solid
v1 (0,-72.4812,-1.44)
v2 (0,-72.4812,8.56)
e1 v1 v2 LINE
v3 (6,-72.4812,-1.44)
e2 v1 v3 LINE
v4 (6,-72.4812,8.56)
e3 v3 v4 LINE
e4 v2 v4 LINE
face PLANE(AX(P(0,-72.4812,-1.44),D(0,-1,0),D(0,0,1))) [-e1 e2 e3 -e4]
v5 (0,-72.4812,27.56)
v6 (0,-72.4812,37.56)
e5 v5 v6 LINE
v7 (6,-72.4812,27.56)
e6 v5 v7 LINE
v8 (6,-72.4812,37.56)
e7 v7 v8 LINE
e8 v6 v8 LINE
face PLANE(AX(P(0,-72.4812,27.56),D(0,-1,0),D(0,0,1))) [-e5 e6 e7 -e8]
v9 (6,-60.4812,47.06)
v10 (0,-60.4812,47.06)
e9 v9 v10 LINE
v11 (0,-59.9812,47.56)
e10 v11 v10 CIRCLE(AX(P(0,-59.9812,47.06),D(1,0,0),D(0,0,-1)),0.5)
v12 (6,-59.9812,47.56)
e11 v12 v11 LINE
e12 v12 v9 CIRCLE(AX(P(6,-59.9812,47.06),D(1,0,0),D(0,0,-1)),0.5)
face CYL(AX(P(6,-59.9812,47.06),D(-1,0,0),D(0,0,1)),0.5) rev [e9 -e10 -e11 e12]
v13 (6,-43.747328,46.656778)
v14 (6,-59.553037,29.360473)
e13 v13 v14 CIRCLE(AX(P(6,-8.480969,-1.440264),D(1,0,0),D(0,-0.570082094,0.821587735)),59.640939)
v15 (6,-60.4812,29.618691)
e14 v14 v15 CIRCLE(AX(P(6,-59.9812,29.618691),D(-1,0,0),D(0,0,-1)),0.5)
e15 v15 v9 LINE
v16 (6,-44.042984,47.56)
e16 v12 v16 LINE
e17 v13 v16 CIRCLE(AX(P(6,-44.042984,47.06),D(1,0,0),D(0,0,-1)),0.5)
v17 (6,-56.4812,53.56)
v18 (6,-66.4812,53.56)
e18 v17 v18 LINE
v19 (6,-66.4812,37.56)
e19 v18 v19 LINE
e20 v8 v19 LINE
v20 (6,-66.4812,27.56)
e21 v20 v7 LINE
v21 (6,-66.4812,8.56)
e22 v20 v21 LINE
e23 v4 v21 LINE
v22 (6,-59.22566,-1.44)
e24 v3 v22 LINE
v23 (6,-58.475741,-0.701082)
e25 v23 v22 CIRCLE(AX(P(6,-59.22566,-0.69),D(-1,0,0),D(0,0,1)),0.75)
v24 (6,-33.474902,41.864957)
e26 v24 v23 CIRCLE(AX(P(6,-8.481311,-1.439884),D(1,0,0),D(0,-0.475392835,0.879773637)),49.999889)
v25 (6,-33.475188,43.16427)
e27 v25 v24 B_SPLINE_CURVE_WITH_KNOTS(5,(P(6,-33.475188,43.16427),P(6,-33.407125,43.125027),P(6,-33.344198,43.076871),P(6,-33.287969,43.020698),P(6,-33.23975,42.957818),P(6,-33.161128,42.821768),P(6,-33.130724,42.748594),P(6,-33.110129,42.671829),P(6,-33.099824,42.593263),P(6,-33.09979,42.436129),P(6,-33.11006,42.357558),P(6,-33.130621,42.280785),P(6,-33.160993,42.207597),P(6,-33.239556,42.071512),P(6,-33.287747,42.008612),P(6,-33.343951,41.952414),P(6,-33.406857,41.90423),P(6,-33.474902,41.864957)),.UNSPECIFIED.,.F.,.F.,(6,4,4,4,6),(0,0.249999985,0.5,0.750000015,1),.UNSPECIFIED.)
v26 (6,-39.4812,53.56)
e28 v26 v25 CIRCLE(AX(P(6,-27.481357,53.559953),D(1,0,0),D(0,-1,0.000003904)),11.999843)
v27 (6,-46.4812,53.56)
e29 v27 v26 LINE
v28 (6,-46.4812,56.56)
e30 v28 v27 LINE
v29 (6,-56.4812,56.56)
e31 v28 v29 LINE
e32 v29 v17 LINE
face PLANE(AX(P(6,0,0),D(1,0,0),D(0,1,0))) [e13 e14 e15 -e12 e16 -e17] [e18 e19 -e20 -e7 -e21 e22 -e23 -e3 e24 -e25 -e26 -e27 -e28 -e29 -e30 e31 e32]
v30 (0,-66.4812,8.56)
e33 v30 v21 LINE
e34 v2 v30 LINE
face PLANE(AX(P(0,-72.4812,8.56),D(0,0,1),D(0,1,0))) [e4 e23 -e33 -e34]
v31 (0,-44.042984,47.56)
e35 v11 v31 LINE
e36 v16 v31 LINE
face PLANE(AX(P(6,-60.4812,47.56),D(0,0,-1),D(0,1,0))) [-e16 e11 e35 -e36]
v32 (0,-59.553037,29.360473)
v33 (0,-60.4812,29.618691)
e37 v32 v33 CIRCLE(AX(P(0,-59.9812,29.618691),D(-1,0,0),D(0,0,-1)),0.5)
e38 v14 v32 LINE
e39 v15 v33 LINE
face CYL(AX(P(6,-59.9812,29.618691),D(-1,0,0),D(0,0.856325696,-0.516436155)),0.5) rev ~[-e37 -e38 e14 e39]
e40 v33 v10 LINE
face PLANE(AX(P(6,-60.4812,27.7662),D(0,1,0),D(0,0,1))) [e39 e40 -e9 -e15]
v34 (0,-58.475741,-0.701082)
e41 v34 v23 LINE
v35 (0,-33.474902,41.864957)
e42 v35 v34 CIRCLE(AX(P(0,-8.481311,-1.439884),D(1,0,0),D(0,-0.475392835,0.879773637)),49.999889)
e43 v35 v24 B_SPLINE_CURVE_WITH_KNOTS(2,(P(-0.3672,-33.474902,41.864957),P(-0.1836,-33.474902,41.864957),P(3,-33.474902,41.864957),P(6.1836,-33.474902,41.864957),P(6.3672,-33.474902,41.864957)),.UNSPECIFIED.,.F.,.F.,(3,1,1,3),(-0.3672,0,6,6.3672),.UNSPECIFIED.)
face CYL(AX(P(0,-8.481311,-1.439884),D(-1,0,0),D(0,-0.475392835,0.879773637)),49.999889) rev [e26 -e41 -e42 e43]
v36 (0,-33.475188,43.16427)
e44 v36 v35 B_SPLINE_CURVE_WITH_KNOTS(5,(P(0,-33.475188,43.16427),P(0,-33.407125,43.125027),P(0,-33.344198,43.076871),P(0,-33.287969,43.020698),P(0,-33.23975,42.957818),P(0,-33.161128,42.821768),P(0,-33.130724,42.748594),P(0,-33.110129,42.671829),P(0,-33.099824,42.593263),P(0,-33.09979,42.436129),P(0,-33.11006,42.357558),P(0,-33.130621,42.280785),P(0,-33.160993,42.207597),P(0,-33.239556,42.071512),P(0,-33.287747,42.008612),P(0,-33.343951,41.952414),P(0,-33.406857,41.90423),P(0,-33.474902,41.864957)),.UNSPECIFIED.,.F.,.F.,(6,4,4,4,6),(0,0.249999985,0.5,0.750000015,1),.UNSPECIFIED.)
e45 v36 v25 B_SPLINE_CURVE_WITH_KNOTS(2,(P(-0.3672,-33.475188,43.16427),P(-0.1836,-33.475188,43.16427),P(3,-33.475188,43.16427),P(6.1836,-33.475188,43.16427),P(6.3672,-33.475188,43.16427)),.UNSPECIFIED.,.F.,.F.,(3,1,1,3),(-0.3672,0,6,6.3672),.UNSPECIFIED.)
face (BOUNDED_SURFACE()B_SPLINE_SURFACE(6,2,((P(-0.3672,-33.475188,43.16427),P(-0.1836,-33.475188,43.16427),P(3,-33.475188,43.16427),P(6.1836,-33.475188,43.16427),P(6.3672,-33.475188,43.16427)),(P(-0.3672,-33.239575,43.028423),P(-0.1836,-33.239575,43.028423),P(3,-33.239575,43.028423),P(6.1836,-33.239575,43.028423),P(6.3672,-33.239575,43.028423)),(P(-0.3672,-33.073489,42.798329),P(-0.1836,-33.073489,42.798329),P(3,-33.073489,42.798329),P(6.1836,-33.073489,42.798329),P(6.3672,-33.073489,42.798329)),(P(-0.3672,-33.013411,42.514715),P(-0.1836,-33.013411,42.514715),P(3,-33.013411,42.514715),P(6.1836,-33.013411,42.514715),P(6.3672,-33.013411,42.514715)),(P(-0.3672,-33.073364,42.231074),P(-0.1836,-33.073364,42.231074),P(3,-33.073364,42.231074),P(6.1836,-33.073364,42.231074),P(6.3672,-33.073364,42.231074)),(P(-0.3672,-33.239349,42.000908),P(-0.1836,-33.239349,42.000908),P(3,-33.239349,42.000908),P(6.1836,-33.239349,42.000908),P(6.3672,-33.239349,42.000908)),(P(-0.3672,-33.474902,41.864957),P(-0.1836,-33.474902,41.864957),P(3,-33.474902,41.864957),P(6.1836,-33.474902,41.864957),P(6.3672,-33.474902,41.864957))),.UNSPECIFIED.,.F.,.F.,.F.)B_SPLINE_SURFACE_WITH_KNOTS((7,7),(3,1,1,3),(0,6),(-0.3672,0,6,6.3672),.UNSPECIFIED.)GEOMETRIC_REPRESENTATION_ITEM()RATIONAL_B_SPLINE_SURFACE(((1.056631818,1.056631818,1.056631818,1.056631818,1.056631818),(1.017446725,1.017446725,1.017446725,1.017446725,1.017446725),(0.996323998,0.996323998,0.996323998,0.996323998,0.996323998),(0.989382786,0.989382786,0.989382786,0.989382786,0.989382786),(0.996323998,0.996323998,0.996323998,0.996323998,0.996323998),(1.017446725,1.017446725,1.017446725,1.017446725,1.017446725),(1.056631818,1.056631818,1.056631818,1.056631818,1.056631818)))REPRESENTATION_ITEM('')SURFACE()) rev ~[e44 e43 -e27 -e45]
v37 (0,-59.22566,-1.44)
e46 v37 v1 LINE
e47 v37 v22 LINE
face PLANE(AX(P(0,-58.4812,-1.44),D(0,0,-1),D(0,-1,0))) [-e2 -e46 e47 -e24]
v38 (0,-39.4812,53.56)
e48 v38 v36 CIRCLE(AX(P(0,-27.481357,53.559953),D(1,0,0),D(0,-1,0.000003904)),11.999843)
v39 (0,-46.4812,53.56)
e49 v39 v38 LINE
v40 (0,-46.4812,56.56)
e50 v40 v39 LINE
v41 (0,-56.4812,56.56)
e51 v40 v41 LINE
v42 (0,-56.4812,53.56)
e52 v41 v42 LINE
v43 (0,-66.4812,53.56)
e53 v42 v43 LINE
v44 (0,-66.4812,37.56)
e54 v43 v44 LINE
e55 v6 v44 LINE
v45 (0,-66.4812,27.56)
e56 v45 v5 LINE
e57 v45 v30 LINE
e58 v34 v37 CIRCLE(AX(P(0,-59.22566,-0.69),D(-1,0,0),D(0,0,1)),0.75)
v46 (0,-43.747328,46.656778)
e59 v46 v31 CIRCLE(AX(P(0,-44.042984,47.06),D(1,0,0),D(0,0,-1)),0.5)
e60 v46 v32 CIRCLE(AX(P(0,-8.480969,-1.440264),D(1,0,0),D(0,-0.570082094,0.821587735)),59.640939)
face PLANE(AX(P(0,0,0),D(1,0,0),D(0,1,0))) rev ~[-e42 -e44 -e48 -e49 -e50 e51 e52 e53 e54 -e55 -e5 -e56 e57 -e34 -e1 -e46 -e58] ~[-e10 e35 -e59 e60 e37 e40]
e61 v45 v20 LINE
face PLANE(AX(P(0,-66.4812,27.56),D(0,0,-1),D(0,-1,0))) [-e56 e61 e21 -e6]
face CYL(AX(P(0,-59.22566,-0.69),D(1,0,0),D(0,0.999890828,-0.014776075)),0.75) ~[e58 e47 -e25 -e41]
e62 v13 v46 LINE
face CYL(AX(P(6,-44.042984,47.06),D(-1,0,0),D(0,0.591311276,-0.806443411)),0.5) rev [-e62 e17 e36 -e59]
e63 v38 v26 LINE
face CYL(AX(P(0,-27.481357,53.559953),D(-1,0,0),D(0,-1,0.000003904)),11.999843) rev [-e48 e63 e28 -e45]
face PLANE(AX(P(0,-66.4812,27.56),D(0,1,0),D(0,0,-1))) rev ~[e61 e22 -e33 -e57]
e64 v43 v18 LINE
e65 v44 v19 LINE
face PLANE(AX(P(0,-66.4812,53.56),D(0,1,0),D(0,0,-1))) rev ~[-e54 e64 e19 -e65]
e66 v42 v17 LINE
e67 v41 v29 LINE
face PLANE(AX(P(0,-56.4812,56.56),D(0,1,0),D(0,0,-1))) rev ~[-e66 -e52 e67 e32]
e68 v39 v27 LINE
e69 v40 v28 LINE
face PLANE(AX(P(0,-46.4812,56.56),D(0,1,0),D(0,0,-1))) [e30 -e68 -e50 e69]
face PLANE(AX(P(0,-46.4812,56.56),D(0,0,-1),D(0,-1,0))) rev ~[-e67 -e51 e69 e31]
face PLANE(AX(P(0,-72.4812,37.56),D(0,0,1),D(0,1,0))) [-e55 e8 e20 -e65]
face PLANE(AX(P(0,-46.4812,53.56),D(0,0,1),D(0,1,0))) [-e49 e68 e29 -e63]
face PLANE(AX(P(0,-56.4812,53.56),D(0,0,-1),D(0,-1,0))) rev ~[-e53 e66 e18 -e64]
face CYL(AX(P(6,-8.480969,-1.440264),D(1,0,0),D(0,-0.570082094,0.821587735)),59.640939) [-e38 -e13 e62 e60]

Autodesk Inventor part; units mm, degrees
ref_plane "YZ Plane" through (0, 0, 0) normal (1, 0, 0) x (0, 1, 0)
ref_plane "XZ Plane" through (0, 0, 0) normal (0, 1, 0) x (-1, 0, 0)
ref_plane "XY Plane" through (0, 0, 0) normal (0, 0, 1) x (1, 0, 0)
sketch "Sketch1" plane through (0, 0, 0) normal (1, 0, 0) x (0, 1, 0)
  circle A0 centre (-8.4812, -1.44) radius 50 construction
  line L0 (-46.4812, 56.56) -> (-56.4812, 56.56)
  line L1 (-56.4812, 56.56) -> (-56.4812, 53.56)
  line L2 (-66.4812, 27.56) -> (-72.4812, 27.56)
  line L3 (-72.4812, 27.56) -> (-72.4812, 37.56)
  line L4 (-72.4812, 37.56) -> (-66.4812, 37.56)
  arc A1 (-44.3506, 33.3937) -> (-32.2509, 42.5487) centre (-8.4812, -1.44) ccw construction
  line L5 (-66.4812, 53.56) -> (-66.4812, 37.56)
  line L6 (-56.4812, 53.56) -> (-66.4812, 53.56)
  line L7 (-66.4812, 53.56) -> (-45.3047, 32.3835) construction
  line L8 (-58.4812, -1.44) -> (-65.4812, -1.44)
  line L9 (-65.4812, -1.44) -> (-72.4812, -1.44)
  line L10 (-72.4812, -1.44) -> (-72.4812, 8.56)
  line L11 (-72.4812, 8.56) -> (-66.4812, 8.56)
  line L12 (-66.4812, 27.56) -> (-66.4812, 8.56)
  arc A2 (-32.2509, 42.5487) -> (-58.4812, -1.44) centre (-8.4812, -1.44) ccw
  arc A3 (-39.4812, 53.56) -> (-32.2509, 42.5487) centre (-27.4812, 53.56) ccw
  line L13 (-46.4812, 56.56) -> (-46.4812, 53.56)
  line L14 (-46.4812, 53.56) -> (-39.4812, 53.56)
  line L15 (-48.4406, 53.56) -> (-18.7746, 53.56) construction
  point P0 (-30.5194, 43.4412)
  dimension "d6" = 50
  dimension "d8" = 10
  dimension "d10" = 3
  dimension "d11" = 10
  dimension "d12" = 6
  dimension "d18" = 10
  dimension "d23" = 45
  dimension "d30" = 10
  dimension "d31" = 6
  dimension "d32" = 19
  dimension "d38" = 58
  dimension "d50" = 7
  dimension "d51" = 16
  dimension "d57" = 12
  dimension "d69" = 7
  dimension "d70" = 7
extrude "Extrusion2" add sketch "Sketch1" along normal blind 6
fillet "Fillet3" radius 0.75 2 edges at (3, -32.2509, 42.5487) (3, -58.4812, -1.44)
sketch "Sketch2" plane through (6, 0, 0) normal (1, 0, 0) x (0, 0, -1)
  line L0 (-27.7662, -60.4812) -> (-47.56, -60.4812)
  line L1 (-47.56, -60.4812) -> (-47.56, -42.4812)
  line L2 (-53.56, -56.4812) -> (-53.56, -66.4812) projected
  line L3 (-53.56, -66.4812) -> (-37.56, -66.4812) projected
  line L4 (-56.56, -46.4812) -> (-56.56, -56.4812) projected
  arc A0 (-41.8649, -33.4749) -> (0.701, -58.4757) centre (1.44, -8.4812) ccw projected
  arc A1 (-47.56, -42.4812) -> (-27.7662, -60.4812) centre (1.44, -8.4812) ccw
  point P0 (-53.56, -39.4812)
  dimension "d42" = 6
  dimension "d43" = 6
  dimension "d73" = 3
extrude "Extrusion5" cut sketch "Sketch2" against normal blind 10
fillet "Fillet7" radius 0.5 3 edges at (3, -42.4812, 47.56) (3, -60.4812, 47.56) (3, -60.4812, 27.7662)
properties part number "Harness Pusher 2"
